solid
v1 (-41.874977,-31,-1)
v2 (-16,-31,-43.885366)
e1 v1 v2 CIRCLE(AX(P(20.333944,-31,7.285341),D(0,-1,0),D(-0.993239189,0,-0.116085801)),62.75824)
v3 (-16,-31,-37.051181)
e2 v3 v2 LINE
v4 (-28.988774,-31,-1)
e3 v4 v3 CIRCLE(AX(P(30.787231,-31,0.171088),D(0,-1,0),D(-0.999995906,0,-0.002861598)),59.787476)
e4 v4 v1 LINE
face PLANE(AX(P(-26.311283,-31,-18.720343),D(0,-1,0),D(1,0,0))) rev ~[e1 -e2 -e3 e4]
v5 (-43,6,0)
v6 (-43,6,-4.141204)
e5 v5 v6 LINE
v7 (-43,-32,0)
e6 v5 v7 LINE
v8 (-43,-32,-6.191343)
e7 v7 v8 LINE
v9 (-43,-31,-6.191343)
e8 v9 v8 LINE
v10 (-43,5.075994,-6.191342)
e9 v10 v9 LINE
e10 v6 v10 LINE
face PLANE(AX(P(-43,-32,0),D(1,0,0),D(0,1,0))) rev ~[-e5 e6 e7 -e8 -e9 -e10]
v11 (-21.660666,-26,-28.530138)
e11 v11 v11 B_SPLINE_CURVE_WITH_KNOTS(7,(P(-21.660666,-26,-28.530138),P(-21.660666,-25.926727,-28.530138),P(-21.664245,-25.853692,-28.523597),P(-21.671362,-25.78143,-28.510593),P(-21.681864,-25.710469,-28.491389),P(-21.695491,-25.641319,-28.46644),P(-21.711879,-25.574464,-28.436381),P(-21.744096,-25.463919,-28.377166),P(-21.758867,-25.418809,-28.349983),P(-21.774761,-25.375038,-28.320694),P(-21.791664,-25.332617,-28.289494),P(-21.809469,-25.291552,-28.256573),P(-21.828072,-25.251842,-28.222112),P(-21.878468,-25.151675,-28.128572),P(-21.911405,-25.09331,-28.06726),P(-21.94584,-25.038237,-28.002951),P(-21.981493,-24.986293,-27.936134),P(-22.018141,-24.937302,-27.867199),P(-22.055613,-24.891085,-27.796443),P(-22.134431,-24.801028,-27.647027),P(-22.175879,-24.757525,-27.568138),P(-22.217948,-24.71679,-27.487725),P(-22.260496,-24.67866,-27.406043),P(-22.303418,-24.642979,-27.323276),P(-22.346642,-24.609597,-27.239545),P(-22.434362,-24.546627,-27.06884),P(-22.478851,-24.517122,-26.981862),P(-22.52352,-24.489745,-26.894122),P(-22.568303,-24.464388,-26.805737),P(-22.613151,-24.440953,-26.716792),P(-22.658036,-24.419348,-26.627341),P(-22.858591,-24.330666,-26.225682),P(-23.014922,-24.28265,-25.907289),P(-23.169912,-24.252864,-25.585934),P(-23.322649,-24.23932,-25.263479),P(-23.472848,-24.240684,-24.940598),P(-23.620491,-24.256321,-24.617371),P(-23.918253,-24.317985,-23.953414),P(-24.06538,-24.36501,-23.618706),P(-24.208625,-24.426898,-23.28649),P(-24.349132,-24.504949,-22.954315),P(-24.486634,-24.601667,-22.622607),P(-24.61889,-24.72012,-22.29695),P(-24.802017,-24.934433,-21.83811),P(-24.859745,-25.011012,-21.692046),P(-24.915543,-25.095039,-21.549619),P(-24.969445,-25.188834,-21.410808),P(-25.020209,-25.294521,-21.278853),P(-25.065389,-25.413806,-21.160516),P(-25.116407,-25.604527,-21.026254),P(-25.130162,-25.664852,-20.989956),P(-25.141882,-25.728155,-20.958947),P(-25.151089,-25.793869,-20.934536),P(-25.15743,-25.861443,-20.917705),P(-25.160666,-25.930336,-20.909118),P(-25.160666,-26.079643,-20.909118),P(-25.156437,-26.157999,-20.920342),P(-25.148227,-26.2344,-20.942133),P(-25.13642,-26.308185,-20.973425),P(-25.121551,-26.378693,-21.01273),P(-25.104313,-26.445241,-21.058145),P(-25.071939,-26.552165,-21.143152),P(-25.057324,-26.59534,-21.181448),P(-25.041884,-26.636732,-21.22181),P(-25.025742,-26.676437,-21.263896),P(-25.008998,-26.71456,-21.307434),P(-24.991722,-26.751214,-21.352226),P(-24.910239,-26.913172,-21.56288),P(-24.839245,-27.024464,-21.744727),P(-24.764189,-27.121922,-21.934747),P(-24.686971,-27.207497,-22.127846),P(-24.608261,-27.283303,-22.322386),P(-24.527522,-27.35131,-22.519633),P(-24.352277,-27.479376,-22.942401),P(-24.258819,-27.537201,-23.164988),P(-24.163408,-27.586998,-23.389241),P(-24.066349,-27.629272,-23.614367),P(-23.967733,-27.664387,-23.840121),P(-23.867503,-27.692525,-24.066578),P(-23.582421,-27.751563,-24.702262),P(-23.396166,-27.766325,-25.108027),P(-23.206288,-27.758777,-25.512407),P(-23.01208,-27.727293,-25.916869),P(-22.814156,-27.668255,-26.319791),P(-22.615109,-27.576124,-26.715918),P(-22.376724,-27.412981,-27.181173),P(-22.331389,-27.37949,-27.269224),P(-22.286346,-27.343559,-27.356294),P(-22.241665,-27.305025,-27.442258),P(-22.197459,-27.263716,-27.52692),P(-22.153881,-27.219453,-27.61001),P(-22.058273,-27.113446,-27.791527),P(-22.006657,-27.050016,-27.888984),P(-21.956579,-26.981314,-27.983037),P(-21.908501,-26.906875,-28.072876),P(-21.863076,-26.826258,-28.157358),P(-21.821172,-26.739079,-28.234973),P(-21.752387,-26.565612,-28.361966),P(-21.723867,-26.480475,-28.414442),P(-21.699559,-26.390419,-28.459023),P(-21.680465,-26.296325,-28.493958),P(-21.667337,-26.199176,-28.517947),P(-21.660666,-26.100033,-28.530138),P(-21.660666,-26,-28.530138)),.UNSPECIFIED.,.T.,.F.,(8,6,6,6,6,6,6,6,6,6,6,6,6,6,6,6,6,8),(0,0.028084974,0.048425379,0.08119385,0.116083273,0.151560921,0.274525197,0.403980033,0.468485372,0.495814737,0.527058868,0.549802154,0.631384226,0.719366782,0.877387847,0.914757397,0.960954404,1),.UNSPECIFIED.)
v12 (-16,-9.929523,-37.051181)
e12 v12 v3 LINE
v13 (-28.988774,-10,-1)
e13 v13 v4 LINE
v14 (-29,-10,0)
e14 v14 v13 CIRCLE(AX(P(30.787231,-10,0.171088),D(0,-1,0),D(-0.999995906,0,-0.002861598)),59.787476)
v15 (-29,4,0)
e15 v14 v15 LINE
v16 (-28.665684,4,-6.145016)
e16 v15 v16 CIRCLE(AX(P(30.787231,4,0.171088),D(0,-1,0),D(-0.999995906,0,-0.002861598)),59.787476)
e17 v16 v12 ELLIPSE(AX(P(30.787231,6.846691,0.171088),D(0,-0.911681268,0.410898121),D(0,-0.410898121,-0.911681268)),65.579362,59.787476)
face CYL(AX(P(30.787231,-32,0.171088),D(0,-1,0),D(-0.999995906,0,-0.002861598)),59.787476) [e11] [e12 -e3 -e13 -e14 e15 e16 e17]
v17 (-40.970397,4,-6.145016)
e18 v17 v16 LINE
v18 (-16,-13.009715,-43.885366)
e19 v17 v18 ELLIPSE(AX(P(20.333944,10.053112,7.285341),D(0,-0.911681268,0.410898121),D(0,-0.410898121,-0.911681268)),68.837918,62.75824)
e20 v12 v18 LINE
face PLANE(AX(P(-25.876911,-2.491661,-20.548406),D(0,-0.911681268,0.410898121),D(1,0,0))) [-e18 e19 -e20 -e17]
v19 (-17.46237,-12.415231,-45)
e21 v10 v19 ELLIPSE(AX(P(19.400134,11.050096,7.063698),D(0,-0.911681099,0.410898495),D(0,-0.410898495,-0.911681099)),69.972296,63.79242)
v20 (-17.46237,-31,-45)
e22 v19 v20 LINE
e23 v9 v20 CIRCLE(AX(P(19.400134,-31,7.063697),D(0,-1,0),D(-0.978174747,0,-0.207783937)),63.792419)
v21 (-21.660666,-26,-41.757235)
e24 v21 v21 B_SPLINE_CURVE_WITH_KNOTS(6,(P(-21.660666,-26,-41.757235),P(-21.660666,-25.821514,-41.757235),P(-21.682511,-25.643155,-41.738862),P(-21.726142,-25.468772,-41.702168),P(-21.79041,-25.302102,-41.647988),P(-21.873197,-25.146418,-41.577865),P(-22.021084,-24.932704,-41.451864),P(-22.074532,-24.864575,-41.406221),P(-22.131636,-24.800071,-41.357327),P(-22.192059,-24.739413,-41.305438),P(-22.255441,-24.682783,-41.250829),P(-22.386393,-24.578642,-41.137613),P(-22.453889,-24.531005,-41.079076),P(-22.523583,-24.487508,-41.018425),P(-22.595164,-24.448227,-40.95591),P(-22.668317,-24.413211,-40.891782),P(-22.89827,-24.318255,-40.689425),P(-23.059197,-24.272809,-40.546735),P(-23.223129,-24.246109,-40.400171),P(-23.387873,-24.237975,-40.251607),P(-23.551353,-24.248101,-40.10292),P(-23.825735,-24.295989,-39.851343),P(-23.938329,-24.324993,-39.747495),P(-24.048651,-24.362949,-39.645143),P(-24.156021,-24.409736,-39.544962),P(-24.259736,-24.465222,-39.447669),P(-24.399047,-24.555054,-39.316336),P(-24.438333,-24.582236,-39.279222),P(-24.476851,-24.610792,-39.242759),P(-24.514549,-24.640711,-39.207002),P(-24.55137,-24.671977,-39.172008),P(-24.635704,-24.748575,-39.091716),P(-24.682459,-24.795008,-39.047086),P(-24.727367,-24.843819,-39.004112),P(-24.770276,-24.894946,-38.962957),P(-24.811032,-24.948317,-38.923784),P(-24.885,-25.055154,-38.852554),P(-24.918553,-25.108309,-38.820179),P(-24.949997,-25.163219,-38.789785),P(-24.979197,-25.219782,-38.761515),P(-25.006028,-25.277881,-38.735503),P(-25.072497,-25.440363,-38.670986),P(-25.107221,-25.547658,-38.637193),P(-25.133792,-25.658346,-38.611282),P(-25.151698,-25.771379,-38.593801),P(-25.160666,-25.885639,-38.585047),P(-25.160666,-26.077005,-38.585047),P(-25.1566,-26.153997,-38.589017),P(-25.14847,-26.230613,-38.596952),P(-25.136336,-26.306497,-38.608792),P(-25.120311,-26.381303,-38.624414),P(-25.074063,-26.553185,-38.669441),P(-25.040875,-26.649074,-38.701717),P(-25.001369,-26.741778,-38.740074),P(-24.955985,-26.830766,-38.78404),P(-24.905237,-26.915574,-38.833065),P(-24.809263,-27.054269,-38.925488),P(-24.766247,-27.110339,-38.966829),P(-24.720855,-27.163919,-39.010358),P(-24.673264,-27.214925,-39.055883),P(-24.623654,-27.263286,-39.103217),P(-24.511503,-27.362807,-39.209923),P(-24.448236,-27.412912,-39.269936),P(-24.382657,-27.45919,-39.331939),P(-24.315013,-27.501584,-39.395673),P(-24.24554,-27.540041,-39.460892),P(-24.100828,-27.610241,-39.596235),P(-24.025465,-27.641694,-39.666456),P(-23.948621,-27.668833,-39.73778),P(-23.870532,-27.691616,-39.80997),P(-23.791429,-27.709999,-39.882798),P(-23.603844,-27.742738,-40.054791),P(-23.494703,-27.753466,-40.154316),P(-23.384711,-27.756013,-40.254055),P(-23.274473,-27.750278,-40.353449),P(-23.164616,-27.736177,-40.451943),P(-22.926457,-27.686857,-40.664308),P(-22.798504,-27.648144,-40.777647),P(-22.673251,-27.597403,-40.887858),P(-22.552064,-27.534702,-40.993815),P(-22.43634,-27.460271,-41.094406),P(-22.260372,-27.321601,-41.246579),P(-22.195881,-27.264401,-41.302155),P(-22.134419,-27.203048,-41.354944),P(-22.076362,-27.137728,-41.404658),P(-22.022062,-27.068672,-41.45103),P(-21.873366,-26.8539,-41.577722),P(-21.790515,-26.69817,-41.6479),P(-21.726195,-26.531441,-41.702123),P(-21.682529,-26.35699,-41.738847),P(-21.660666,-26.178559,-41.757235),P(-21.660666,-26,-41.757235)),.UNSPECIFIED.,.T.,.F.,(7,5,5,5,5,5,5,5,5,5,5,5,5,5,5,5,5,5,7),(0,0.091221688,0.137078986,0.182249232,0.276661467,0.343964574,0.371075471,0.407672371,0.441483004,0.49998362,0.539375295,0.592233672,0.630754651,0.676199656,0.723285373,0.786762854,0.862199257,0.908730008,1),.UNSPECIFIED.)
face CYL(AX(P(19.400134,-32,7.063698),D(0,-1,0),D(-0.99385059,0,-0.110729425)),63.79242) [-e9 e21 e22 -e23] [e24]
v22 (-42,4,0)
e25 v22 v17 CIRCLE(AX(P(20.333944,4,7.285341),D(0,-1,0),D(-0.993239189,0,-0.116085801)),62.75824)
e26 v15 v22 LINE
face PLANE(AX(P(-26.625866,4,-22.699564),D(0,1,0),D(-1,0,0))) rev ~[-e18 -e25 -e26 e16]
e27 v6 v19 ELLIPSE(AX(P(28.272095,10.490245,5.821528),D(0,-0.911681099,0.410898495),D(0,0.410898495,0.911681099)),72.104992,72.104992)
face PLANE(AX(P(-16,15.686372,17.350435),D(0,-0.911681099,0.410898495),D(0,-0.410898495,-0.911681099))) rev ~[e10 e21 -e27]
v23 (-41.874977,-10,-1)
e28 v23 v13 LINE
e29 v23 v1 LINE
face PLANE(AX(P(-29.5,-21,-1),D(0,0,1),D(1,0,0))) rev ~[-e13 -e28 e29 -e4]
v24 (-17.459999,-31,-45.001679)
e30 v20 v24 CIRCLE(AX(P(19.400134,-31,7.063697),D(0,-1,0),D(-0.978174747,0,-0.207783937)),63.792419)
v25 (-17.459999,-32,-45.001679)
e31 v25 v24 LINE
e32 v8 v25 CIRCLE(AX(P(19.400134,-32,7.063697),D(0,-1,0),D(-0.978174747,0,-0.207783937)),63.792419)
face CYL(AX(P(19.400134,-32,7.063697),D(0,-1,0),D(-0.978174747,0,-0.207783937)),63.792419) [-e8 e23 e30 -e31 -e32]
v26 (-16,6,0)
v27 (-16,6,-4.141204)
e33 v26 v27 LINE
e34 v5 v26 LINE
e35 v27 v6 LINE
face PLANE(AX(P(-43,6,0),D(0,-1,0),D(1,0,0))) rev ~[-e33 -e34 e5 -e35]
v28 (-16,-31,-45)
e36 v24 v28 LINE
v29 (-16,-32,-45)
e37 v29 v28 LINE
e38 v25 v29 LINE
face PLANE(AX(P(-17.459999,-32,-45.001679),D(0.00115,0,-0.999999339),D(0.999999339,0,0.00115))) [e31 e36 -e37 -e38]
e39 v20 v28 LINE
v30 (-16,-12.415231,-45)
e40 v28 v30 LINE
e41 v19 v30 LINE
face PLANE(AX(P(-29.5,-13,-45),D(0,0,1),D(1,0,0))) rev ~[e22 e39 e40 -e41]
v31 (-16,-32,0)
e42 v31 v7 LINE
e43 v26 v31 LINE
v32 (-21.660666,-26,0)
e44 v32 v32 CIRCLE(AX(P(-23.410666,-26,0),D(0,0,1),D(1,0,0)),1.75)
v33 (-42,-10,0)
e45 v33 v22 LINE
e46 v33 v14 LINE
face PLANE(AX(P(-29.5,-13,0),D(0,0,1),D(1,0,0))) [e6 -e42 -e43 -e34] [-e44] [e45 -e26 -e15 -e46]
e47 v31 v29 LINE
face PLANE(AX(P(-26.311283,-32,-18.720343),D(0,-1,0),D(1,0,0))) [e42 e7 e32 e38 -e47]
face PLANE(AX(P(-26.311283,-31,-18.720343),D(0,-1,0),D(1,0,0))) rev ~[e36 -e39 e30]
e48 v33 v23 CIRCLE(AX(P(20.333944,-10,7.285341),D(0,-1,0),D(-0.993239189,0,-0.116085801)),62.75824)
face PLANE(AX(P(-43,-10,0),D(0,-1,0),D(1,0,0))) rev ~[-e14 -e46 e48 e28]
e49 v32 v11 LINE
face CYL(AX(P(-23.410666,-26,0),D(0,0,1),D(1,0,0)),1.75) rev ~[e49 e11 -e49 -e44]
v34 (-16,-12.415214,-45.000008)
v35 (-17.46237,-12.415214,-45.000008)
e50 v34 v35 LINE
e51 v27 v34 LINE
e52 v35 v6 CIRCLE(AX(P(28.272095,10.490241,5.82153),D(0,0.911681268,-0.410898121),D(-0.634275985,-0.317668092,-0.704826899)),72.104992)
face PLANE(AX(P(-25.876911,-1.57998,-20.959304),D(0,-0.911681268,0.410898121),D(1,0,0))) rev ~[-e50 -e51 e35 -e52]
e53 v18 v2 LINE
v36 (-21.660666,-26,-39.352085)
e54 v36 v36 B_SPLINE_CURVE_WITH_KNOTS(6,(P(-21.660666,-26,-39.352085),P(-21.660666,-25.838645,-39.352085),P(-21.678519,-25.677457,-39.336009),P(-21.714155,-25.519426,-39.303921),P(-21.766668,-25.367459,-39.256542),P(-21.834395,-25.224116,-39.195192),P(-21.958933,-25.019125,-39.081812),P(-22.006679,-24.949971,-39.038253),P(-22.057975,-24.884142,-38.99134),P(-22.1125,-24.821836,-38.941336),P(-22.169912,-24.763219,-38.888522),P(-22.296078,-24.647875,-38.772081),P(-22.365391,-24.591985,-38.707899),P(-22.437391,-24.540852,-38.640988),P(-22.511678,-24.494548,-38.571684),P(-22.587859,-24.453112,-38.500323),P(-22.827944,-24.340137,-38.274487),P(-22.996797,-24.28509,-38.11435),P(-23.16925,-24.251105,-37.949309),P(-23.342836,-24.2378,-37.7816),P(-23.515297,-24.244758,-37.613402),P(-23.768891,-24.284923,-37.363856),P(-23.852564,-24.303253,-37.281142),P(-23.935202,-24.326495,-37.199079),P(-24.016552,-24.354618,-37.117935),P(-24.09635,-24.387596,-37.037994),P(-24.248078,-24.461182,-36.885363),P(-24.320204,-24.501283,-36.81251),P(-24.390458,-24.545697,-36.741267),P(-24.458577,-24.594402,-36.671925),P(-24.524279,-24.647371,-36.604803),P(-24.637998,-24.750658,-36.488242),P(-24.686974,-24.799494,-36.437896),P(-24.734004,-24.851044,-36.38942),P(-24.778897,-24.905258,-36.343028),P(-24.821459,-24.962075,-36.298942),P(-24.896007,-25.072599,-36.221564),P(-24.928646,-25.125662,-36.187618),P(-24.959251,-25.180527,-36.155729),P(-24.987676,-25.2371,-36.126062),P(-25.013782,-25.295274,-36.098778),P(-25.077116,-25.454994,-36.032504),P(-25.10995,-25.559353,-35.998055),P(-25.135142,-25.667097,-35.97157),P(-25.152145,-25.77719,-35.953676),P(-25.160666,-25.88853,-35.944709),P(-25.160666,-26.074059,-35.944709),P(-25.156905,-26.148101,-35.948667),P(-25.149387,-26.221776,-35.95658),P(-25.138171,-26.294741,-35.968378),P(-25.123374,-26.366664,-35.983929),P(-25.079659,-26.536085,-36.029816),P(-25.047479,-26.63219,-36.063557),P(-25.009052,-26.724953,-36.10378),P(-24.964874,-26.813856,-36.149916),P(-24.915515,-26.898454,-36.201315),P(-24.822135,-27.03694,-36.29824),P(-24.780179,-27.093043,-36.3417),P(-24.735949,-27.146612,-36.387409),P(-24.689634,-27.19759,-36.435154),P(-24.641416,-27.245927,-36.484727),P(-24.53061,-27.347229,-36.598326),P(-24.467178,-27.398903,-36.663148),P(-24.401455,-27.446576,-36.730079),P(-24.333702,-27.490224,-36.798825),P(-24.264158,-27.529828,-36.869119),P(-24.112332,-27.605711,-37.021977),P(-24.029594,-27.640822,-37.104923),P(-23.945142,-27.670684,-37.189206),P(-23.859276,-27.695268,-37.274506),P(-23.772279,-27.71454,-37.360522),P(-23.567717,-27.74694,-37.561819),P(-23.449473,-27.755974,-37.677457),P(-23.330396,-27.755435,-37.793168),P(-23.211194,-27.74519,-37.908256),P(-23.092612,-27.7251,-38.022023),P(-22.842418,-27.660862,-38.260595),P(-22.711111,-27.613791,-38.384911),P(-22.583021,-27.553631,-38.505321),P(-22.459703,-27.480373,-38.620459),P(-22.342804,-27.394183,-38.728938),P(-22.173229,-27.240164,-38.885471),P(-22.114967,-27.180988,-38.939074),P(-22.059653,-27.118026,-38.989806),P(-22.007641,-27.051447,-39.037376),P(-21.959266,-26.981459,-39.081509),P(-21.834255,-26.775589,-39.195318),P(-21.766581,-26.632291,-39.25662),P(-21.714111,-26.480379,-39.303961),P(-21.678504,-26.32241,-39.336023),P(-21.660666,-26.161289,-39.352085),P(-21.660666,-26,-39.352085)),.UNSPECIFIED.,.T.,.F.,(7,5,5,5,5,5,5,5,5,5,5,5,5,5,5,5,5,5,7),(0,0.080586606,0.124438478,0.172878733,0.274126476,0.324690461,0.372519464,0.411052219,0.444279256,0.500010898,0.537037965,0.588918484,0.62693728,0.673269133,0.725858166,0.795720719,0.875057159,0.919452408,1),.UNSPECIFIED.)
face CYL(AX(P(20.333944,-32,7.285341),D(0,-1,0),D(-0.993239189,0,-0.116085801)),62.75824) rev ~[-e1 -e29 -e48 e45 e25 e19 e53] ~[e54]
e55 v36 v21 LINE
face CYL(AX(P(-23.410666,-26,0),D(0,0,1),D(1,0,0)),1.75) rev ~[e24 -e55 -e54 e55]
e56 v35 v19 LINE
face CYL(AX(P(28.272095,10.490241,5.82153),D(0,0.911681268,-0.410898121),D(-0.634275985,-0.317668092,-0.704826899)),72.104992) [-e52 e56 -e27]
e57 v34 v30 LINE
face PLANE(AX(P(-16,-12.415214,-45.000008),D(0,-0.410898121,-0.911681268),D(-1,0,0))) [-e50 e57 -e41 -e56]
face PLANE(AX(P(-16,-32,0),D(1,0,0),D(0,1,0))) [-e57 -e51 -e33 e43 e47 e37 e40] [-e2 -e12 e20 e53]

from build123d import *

# Parameters (mm, degrees)
SKETCH_W        = 27
SKETCH_H        = 38
PAD_DEPTH       = 45
POCKET_DEPTH    = 38.001
POCKET001_DEPTH = 36
POCKET002_DEPTH = 27.001
PAD001_DEPTH    = 1
PAD002_DEPTH    = 1
SKETCH008_W     = 27
SKETCH008_H     = 22
PAD003_DEPTH    = 1
SKETCH009_R     = 1.75
POCKET003_DEPTH = 45.002679


with BuildPart() as part:
    # Sketch → Pad (new body)
    with BuildSketch(Plane.XY):
        with Locations((-29.5, -13)):
            Rectangle(SKETCH_W, SKETCH_H)
    extrude(amount=-PAD_DEPTH)

    # Sketch003 (on Face2 of Pad) → Pocket (cut, through all)
    with BuildSketch(Plane.XZ.offset(32)):
        with BuildLine():
            ThreePointArc((-44, 0), (-34.593948, -26.908525), (-14.407019, -47.033892))
            Line((-14.407019, -47.033892), (-67.061646, -46.193626))
            Line((-67.061646, -46.193626), (-44, 0))
        make_face()
    extrude(amount=-POCKET_DEPTH, mode=Mode.SUBTRACT)

    # Sketch004 (on Face3 of Pocket) → Pocket001 (cut)
    with BuildSketch(Plane.XZ.offset(32)):
        with BuildLine():
            ThreePointArc((-29, 0), (-23.639101, -24.573945), (-8.645898, -44.768545))
            Line((-8.645898, -44.768545), (-11.371384, -46.875244))
            ThreePointArc((-42, 0), (-32.20336, -27.042905), (-11.371384, -46.875244))
            Line((-29, 0), (-42, 0))
        make_face()
    extrude(amount=-POCKET001_DEPTH, mode=Mode.SUBTRACT)

    # Sketch005 (on Face1 of Pocket001) → Pocket002 (cut, through all)
    with BuildSketch(Plane.YZ.offset(-16)):
        Polygon((15.686372, 17.350435), (-17.648283, -56.610836), (15.686372, -59.996391), align=None)
    extrude(amount=-POCKET002_DEPTH, mode=Mode.SUBTRACT)

    # Sketch006 (on Face3 of Pocket002) → Pad001 (join)
    with BuildSketch(Plane.XZ.offset(32)):
        with BuildLine():
            ThreePointArc((-43, -6.191343), (-33.888802, -28.004267), (-17.459999, -45.001679))
            Line((-17.459999, -45.001679), (-16, -45))
            Line((-16, 0), (-16, -45))
            Line((-43, 0), (-16, 0))
            Line((-43, -6.191343), (-43, 0))
        make_face()
    extrude(amount=-PAD001_DEPTH)

    # Sketch007 (on Face5 of Pad001) → Pad002 (join)
    with BuildSketch(Plane(origin=(0, 6.538304, -2.946841), x_dir=(-1, 0, 0), z_dir=(0, 0.911681, -0.410898))):
        with BuildLine():
            Line((16, -1.310067), (43, -1.310067))
            ThreePointArc((17.46237, -46.127049), (34.375924, -26.080314), (43, -1.310067))
            Line((16, -46.127049), (17.46237, -46.127049))
            Line((16, -1.310067), (16, -46.127049))
        make_face()
    extrude(amount=-PAD002_DEPTH)

    # Sketch008 (on Face2 of Pad002) → Pad003 (join)
    with BuildSketch(Plane.XY):
        with Locations((-29.5, -21)):
            Rectangle(SKETCH008_W, SKETCH008_H)
    extrude(amount=-PAD003_DEPTH)

    # Sketch009 (on Face2 of Pad003) → Pocket003 (cut, through all)
    with BuildSketch(Plane.XY):
        with Locations((-23.410666, -26)):
            Circle(SKETCH009_R)
    extrude(amount=-POCKET003_DEPTH, mode=Mode.SUBTRACT)


solid = part.part
